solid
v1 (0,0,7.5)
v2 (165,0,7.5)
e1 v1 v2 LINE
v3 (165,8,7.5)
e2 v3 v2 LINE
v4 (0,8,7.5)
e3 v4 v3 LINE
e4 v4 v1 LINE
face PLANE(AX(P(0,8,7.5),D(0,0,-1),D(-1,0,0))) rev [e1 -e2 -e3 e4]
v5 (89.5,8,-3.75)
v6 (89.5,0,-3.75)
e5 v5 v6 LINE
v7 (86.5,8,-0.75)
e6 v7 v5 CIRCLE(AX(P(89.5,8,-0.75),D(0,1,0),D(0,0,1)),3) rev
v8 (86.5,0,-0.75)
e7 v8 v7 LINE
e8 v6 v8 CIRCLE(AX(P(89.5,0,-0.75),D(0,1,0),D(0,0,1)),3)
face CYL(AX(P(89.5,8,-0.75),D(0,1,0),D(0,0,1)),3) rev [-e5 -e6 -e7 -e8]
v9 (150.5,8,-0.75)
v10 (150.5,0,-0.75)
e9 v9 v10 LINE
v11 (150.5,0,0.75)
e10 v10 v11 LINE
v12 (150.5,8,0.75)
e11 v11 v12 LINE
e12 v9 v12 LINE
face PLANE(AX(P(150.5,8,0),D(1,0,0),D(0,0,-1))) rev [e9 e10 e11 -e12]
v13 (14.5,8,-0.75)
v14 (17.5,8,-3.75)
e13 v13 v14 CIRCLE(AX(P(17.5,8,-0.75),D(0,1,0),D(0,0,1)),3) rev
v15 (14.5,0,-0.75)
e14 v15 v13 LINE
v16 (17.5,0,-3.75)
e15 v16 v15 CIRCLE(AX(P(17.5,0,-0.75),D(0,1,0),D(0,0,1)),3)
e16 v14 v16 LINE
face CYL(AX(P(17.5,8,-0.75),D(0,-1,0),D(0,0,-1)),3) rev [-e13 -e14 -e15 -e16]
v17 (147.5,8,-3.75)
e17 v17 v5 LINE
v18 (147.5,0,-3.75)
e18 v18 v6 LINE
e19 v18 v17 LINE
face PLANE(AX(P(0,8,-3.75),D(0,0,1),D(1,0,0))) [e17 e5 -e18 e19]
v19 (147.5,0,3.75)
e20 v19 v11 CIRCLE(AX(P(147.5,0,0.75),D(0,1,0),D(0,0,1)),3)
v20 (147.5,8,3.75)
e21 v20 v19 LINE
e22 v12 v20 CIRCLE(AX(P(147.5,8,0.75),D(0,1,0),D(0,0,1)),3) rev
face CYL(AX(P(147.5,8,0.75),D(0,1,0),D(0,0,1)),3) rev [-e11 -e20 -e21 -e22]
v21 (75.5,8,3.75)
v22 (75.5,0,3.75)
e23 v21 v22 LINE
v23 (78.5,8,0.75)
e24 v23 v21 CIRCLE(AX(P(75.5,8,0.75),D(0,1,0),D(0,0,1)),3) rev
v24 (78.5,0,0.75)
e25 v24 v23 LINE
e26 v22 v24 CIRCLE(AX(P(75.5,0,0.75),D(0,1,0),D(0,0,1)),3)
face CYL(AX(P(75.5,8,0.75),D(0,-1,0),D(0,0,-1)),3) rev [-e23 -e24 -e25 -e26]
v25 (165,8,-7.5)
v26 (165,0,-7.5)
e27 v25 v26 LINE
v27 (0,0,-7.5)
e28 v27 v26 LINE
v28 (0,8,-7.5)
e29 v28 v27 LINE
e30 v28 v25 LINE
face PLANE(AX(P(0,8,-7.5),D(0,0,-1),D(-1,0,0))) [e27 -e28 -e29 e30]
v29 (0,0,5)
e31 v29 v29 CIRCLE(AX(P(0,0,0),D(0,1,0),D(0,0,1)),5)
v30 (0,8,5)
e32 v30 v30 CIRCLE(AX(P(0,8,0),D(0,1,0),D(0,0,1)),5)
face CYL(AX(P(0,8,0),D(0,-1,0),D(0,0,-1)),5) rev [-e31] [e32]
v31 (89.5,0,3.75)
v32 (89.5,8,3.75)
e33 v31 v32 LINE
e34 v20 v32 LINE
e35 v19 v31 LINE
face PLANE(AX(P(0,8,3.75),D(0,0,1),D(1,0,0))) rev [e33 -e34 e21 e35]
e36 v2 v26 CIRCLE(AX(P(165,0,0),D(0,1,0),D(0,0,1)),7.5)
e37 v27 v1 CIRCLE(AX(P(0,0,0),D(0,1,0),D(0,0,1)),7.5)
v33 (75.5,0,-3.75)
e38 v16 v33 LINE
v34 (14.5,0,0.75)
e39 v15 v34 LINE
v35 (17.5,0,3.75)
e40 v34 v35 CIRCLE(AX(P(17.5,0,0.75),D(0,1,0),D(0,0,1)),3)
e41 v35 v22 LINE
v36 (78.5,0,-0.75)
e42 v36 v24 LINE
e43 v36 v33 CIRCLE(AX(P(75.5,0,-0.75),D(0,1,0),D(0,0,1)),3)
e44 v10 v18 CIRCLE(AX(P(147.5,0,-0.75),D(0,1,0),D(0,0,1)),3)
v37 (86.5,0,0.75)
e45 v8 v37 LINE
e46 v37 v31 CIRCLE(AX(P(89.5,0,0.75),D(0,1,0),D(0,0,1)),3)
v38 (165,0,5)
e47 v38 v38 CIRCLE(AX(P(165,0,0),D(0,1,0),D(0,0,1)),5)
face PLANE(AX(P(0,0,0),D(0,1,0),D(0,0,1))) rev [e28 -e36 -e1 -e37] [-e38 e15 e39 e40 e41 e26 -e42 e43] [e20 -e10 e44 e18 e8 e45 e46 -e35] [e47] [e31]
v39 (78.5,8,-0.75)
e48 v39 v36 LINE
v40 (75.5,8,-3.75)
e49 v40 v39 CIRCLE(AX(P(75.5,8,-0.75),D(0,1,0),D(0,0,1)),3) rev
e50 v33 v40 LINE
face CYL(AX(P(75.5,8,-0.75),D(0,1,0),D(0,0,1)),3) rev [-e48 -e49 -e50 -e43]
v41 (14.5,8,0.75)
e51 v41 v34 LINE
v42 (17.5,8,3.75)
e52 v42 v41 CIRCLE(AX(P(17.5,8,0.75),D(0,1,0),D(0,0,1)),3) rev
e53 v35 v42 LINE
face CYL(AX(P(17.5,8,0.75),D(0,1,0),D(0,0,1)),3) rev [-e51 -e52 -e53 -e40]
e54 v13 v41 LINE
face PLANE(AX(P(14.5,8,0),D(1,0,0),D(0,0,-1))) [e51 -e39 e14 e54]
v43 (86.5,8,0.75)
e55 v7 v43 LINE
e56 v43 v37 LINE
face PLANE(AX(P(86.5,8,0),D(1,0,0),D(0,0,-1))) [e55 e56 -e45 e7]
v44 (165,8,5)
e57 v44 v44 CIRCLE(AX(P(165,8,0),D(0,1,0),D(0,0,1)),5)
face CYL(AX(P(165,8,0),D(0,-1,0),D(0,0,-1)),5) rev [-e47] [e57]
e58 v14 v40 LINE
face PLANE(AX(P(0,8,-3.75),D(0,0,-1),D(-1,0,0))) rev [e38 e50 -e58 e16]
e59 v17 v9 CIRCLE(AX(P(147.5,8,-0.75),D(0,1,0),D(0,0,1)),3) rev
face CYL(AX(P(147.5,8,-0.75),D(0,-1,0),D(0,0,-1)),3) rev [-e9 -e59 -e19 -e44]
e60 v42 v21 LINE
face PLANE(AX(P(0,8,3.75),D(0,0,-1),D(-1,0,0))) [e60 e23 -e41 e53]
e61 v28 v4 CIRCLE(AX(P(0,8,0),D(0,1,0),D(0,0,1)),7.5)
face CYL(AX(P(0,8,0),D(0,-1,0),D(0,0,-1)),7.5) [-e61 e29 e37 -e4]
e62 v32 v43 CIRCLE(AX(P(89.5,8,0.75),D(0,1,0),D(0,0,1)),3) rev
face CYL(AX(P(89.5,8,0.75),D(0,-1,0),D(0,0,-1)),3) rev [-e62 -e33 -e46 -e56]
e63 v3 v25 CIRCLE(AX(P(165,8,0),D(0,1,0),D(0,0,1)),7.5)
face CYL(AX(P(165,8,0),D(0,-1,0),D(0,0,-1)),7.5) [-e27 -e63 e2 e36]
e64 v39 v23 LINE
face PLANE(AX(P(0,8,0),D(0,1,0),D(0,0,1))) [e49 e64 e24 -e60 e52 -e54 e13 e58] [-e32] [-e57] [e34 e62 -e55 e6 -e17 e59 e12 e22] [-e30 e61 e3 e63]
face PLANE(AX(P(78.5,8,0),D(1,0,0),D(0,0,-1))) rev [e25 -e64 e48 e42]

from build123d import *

# Parameters (mm, degrees)
SKETCH_1_W      = 64
SKETCH_1_H      = 7.5
SKETCH_1_R      = 7.5
SKETCH_1_R_2    = 5
EXTRUDE_1_DEPTH = 8
FILLET_1_R      = 3


with BuildPart() as part:
    # 草图1 → 凸台-拉伸1 (new body)
    # profile 1 of 3: a face of its own
    with BuildSketch(Plane(origin=(0, 0, 0), x_dir=(1, 0, 0), z_dir=(0, 1, 0))):
        with BuildLine():
            Line((165, 7.5), (0, 7.5))
            ThreePointArc((0, 7.5), (5.303300859, 5.303300859), (7.5, 0))
            ThreePointArc((7.5, 0), (5.303300859, -5.303300859), (0, -7.5))
            Line((0, -7.5), (165, -7.5))
            ThreePointArc((165, -7.5), (157.5, 0), (165, 7.5))
        make_face()
        with Locations((46.5, 0)):
            Rectangle(SKETCH_1_W, SKETCH_1_H, mode=Mode.SUBTRACT)
        with Locations((118.5, 0)):
            Rectangle(SKETCH_1_W, SKETCH_1_H, mode=Mode.SUBTRACT)
    # profile 2 of 3: a face of its own
    with BuildSketch(Plane(origin=(0, 0, 0), x_dir=(1, 0, 0), z_dir=(0, 1, 0))):
        Circle(SKETCH_1_R)
        with Locations(Location((0, 0, 0), (0, 0, 270))):
            Circle(SKETCH_1_R_2, mode=Mode.SUBTRACT)
    # profile 3 of 3: a face of its own
    with BuildSketch(Plane(origin=(0, 0, 0), x_dir=(1, 0, 0), z_dir=(0, 1, 0))):
        with Locations((165, 0)):
            Circle(SKETCH_1_R)
        with Locations(Location((165, 0, 0), (0, 0, 270))):
            Circle(SKETCH_1_R_2, mode=Mode.SUBTRACT)
    extrude(amount=EXTRUDE_1_DEPTH)

    # 圆角1
    fillet_1_edges = [part.edges().sort_by_distance(p)[0] for p in [
        (86.5, 4, -3.75),
        (86.5, 4, 3.75),
        (150.5, 4, 3.75),
        (150.5, 4, -3.75),
        (14.5, 4, -3.75),
        (14.5, 4, 3.75),
        (78.5, 4, 3.75),
        (78.5, 4, -3.75),
    ]]
    fillet(fillet_1_edges, radius=FILLET_1_R)


solid = part.part
